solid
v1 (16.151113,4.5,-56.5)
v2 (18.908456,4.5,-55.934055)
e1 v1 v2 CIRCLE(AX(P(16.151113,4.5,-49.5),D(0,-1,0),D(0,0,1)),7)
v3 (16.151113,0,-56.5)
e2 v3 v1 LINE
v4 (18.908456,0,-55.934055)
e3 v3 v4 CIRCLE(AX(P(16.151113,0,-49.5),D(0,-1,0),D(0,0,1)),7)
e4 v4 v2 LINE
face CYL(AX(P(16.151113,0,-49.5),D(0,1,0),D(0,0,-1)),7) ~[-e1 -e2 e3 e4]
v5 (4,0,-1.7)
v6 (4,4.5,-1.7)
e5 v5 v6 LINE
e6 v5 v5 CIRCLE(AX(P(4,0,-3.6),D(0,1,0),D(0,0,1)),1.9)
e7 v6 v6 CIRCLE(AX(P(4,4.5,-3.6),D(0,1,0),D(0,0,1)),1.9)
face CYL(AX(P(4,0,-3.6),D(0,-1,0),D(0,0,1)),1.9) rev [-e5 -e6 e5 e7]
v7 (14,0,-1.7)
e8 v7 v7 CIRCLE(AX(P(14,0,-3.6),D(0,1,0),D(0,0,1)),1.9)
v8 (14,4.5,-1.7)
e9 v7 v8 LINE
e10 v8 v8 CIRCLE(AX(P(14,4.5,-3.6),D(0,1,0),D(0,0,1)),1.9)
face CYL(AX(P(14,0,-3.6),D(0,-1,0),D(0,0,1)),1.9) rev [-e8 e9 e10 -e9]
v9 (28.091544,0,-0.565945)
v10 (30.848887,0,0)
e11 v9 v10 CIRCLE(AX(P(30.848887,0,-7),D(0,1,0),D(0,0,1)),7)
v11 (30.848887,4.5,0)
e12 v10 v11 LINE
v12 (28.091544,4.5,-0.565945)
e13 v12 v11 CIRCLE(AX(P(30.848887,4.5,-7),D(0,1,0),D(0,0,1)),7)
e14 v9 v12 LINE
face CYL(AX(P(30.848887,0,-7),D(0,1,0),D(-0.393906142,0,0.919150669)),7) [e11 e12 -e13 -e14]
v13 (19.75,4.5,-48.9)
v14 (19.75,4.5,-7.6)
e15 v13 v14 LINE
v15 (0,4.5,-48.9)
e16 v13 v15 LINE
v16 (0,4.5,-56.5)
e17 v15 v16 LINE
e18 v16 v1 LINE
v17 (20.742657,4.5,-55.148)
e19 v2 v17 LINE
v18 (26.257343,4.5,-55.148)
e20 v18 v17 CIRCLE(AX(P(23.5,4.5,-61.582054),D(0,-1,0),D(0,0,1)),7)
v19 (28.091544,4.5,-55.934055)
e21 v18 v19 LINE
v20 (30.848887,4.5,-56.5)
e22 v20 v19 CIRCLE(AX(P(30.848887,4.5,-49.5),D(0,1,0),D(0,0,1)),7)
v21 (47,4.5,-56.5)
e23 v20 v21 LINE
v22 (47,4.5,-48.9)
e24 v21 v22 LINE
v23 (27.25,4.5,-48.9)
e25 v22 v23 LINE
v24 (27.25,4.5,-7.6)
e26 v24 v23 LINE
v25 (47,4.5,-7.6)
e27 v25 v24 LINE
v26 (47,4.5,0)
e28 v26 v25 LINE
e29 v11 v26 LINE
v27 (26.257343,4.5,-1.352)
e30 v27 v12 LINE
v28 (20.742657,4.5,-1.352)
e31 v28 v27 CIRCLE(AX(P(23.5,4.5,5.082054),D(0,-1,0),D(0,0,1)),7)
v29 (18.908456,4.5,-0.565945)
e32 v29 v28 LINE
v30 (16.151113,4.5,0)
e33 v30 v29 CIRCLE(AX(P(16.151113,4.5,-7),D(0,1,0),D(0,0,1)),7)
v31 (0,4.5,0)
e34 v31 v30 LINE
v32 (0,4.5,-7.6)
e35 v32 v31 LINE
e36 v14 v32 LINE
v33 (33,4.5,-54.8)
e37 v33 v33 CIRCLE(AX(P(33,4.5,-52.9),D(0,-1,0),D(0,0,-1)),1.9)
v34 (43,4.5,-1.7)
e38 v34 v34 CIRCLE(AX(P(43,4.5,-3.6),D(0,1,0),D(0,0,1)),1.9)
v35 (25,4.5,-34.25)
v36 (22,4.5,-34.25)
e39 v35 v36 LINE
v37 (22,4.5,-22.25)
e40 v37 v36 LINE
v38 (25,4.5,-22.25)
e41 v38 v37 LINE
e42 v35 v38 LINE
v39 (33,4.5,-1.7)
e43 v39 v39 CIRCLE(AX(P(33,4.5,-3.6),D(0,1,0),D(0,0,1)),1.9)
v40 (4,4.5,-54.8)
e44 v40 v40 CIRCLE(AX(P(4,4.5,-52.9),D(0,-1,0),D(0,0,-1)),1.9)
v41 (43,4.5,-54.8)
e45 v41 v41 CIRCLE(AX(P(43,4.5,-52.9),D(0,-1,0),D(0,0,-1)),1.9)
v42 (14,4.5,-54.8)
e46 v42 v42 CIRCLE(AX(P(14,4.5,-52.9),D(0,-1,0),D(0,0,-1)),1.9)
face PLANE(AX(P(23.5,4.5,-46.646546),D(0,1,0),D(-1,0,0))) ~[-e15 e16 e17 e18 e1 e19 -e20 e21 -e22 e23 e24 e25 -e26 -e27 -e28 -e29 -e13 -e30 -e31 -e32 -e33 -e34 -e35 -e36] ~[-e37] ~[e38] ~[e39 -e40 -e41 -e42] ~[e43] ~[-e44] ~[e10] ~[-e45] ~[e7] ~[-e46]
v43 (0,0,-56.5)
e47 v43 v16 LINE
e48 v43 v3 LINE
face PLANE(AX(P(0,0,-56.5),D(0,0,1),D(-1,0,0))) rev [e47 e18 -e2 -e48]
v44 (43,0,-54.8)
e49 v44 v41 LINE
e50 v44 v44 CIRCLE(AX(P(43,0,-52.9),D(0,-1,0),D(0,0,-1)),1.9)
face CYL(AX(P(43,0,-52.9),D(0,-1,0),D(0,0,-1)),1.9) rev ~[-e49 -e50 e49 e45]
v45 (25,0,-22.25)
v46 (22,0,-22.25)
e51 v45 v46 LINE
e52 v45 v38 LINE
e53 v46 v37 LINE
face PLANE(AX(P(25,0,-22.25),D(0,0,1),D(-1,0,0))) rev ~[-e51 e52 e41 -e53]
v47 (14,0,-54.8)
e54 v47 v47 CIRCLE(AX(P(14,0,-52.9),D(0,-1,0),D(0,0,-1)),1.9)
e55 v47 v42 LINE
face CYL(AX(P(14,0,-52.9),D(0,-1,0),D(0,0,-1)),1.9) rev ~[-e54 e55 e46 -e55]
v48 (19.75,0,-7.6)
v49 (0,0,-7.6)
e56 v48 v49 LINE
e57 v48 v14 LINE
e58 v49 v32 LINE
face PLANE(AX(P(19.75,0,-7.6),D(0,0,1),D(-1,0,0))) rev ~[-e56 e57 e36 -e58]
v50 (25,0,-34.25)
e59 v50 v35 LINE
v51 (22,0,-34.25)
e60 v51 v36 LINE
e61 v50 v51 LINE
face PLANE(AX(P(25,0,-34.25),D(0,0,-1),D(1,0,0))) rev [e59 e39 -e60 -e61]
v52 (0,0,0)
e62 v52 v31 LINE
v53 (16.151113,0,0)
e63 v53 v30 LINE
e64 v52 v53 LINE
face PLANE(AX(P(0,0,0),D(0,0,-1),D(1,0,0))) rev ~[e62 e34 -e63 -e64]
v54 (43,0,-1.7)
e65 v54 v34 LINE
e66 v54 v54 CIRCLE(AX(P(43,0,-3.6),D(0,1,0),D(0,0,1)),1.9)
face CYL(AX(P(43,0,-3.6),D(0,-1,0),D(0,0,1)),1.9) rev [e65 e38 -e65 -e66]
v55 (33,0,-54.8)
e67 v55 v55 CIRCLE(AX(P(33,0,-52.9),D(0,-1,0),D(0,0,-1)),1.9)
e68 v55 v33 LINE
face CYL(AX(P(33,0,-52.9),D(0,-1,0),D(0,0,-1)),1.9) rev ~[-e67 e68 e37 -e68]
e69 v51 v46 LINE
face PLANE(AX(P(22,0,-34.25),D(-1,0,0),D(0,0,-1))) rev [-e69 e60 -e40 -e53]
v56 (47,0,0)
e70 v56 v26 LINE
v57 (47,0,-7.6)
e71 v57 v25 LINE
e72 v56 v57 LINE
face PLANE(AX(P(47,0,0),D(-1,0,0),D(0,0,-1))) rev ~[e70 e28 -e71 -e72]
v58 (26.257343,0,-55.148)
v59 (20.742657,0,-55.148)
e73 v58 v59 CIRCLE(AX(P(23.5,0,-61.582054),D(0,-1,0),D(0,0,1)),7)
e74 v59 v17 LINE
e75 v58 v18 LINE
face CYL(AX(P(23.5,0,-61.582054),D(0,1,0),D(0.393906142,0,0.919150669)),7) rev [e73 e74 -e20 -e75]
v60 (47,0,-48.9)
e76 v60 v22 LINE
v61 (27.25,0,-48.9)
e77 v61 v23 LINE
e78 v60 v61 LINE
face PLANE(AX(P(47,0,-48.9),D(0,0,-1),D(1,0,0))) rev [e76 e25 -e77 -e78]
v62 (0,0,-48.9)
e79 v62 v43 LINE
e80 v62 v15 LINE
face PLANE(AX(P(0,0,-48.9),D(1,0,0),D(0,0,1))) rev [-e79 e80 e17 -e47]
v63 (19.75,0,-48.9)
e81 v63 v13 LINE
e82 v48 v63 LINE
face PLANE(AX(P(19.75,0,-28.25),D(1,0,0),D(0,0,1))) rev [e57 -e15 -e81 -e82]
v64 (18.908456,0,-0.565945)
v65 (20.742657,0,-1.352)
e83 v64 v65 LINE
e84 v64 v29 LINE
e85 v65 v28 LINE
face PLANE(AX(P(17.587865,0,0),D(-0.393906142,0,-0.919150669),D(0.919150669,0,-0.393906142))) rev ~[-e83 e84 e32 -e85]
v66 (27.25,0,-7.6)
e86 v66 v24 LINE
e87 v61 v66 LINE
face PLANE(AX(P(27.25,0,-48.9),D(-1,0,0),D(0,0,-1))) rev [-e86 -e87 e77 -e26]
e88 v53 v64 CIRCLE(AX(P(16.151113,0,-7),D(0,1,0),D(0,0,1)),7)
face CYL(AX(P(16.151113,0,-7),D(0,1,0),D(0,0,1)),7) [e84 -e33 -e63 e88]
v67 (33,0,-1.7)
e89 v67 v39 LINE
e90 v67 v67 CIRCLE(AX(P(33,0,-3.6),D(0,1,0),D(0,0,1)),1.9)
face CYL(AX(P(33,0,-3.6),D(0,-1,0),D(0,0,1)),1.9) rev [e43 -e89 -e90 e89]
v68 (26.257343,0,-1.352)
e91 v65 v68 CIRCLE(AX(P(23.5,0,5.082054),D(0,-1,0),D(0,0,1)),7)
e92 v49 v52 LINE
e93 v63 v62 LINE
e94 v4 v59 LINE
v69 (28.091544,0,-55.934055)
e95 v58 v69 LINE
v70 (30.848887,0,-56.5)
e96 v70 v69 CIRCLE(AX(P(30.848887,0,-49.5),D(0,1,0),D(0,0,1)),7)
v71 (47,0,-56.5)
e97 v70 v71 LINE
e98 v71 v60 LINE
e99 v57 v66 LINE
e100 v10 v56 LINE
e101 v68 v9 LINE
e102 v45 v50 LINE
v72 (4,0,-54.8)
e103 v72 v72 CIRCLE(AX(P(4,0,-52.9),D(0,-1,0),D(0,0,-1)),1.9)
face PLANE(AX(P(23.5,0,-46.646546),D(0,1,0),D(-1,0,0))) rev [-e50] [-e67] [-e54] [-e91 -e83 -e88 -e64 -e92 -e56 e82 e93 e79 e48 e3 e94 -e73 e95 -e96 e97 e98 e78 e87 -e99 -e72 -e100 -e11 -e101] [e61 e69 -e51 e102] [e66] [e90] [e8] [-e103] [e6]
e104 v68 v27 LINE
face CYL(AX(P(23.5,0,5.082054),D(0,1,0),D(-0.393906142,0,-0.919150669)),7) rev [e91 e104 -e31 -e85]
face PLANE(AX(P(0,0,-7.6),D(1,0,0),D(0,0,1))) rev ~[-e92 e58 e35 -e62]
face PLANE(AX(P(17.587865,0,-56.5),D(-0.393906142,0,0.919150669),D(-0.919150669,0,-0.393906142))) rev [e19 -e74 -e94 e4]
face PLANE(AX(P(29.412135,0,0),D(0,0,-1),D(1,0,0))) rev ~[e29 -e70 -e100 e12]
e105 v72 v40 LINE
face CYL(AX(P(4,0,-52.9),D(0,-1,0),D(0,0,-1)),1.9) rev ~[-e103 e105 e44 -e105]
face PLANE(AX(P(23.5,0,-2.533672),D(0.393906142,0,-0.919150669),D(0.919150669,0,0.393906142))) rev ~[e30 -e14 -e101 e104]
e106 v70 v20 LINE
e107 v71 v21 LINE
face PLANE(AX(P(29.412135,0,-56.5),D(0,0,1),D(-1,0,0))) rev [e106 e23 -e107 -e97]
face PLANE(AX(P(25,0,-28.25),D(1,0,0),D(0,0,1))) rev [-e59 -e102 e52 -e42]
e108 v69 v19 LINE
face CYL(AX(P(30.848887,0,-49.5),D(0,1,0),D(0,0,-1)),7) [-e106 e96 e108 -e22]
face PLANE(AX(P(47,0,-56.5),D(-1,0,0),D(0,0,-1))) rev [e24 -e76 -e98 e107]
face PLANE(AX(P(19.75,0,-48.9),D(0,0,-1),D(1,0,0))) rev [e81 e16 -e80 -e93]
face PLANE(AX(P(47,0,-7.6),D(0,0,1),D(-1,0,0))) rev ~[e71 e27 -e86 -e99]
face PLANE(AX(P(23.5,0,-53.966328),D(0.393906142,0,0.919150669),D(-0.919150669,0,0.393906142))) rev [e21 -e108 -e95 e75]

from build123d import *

# Parameters (mm, degrees)
SKETCH1_R           = 1.9
BOSS_EXTRUDE1_DEPTH = 4.5
FILLET1_R           = 7


with BuildPart() as part:
    # Sketch1 → Boss-Extrude1 (new body)
    with BuildSketch(Plane(origin=(0, 0, 0), x_dir=(1, 0, 0), z_dir=(0, 1, 0))):
        Polygon((0, 0), (17.587865182, 0), (23.5, 2.533671894), (29.412134818, 0), (47, 0), (47, 7.6), (27.25, 7.6), (27.25, 28.25), (25, 28.25), (25, 22.25), (22, 22.25), (22, 28.25), (19.75, 28.25), (19.75, 7.6), (0, 7.6), align=None)
        with Locations(Location((4, 3.6, 0), (0, 0, 270))):
            Circle(SKETCH1_R, mode=Mode.SUBTRACT)
        with Locations(Location((14, 3.6, 0), (0, 0, 270))):
            Circle(SKETCH1_R, mode=Mode.SUBTRACT)
        with Locations(Location((33, 3.6, 0), (0, 0, 270))):
            Circle(SKETCH1_R, mode=Mode.SUBTRACT)
        with Locations(Location((43, 3.6, 0), (0, 0, 270))):
            Circle(SKETCH1_R, mode=Mode.SUBTRACT)
    boss_extrude1 = extrude(amount=BOSS_EXTRUDE1_DEPTH)

    # Mirror1: Boss-Extrude1 across plane
    add(boss_extrude1.mirror(Plane(origin=(19.75, 4.5, -28.25), x_dir=(1, 0, 0), z_dir=(0, 0, 1))))

    # Fillet1
    fillet1_edges = [part.edges().sort_by_distance(p)[0] for p in [
        (29.412134818, 2.25, 0),
        (23.5, 2.25, -2.533671894),
        (17.587865182, 2.25, 0),
        (29.412134818, 2.25, -56.5),
        (23.5, 2.25, -53.966328106),
        (17.587865182, 2.25, -56.5),
    ]]
    fillet(fillet1_edges, radius=FILLET1_R)


solid = part.part
